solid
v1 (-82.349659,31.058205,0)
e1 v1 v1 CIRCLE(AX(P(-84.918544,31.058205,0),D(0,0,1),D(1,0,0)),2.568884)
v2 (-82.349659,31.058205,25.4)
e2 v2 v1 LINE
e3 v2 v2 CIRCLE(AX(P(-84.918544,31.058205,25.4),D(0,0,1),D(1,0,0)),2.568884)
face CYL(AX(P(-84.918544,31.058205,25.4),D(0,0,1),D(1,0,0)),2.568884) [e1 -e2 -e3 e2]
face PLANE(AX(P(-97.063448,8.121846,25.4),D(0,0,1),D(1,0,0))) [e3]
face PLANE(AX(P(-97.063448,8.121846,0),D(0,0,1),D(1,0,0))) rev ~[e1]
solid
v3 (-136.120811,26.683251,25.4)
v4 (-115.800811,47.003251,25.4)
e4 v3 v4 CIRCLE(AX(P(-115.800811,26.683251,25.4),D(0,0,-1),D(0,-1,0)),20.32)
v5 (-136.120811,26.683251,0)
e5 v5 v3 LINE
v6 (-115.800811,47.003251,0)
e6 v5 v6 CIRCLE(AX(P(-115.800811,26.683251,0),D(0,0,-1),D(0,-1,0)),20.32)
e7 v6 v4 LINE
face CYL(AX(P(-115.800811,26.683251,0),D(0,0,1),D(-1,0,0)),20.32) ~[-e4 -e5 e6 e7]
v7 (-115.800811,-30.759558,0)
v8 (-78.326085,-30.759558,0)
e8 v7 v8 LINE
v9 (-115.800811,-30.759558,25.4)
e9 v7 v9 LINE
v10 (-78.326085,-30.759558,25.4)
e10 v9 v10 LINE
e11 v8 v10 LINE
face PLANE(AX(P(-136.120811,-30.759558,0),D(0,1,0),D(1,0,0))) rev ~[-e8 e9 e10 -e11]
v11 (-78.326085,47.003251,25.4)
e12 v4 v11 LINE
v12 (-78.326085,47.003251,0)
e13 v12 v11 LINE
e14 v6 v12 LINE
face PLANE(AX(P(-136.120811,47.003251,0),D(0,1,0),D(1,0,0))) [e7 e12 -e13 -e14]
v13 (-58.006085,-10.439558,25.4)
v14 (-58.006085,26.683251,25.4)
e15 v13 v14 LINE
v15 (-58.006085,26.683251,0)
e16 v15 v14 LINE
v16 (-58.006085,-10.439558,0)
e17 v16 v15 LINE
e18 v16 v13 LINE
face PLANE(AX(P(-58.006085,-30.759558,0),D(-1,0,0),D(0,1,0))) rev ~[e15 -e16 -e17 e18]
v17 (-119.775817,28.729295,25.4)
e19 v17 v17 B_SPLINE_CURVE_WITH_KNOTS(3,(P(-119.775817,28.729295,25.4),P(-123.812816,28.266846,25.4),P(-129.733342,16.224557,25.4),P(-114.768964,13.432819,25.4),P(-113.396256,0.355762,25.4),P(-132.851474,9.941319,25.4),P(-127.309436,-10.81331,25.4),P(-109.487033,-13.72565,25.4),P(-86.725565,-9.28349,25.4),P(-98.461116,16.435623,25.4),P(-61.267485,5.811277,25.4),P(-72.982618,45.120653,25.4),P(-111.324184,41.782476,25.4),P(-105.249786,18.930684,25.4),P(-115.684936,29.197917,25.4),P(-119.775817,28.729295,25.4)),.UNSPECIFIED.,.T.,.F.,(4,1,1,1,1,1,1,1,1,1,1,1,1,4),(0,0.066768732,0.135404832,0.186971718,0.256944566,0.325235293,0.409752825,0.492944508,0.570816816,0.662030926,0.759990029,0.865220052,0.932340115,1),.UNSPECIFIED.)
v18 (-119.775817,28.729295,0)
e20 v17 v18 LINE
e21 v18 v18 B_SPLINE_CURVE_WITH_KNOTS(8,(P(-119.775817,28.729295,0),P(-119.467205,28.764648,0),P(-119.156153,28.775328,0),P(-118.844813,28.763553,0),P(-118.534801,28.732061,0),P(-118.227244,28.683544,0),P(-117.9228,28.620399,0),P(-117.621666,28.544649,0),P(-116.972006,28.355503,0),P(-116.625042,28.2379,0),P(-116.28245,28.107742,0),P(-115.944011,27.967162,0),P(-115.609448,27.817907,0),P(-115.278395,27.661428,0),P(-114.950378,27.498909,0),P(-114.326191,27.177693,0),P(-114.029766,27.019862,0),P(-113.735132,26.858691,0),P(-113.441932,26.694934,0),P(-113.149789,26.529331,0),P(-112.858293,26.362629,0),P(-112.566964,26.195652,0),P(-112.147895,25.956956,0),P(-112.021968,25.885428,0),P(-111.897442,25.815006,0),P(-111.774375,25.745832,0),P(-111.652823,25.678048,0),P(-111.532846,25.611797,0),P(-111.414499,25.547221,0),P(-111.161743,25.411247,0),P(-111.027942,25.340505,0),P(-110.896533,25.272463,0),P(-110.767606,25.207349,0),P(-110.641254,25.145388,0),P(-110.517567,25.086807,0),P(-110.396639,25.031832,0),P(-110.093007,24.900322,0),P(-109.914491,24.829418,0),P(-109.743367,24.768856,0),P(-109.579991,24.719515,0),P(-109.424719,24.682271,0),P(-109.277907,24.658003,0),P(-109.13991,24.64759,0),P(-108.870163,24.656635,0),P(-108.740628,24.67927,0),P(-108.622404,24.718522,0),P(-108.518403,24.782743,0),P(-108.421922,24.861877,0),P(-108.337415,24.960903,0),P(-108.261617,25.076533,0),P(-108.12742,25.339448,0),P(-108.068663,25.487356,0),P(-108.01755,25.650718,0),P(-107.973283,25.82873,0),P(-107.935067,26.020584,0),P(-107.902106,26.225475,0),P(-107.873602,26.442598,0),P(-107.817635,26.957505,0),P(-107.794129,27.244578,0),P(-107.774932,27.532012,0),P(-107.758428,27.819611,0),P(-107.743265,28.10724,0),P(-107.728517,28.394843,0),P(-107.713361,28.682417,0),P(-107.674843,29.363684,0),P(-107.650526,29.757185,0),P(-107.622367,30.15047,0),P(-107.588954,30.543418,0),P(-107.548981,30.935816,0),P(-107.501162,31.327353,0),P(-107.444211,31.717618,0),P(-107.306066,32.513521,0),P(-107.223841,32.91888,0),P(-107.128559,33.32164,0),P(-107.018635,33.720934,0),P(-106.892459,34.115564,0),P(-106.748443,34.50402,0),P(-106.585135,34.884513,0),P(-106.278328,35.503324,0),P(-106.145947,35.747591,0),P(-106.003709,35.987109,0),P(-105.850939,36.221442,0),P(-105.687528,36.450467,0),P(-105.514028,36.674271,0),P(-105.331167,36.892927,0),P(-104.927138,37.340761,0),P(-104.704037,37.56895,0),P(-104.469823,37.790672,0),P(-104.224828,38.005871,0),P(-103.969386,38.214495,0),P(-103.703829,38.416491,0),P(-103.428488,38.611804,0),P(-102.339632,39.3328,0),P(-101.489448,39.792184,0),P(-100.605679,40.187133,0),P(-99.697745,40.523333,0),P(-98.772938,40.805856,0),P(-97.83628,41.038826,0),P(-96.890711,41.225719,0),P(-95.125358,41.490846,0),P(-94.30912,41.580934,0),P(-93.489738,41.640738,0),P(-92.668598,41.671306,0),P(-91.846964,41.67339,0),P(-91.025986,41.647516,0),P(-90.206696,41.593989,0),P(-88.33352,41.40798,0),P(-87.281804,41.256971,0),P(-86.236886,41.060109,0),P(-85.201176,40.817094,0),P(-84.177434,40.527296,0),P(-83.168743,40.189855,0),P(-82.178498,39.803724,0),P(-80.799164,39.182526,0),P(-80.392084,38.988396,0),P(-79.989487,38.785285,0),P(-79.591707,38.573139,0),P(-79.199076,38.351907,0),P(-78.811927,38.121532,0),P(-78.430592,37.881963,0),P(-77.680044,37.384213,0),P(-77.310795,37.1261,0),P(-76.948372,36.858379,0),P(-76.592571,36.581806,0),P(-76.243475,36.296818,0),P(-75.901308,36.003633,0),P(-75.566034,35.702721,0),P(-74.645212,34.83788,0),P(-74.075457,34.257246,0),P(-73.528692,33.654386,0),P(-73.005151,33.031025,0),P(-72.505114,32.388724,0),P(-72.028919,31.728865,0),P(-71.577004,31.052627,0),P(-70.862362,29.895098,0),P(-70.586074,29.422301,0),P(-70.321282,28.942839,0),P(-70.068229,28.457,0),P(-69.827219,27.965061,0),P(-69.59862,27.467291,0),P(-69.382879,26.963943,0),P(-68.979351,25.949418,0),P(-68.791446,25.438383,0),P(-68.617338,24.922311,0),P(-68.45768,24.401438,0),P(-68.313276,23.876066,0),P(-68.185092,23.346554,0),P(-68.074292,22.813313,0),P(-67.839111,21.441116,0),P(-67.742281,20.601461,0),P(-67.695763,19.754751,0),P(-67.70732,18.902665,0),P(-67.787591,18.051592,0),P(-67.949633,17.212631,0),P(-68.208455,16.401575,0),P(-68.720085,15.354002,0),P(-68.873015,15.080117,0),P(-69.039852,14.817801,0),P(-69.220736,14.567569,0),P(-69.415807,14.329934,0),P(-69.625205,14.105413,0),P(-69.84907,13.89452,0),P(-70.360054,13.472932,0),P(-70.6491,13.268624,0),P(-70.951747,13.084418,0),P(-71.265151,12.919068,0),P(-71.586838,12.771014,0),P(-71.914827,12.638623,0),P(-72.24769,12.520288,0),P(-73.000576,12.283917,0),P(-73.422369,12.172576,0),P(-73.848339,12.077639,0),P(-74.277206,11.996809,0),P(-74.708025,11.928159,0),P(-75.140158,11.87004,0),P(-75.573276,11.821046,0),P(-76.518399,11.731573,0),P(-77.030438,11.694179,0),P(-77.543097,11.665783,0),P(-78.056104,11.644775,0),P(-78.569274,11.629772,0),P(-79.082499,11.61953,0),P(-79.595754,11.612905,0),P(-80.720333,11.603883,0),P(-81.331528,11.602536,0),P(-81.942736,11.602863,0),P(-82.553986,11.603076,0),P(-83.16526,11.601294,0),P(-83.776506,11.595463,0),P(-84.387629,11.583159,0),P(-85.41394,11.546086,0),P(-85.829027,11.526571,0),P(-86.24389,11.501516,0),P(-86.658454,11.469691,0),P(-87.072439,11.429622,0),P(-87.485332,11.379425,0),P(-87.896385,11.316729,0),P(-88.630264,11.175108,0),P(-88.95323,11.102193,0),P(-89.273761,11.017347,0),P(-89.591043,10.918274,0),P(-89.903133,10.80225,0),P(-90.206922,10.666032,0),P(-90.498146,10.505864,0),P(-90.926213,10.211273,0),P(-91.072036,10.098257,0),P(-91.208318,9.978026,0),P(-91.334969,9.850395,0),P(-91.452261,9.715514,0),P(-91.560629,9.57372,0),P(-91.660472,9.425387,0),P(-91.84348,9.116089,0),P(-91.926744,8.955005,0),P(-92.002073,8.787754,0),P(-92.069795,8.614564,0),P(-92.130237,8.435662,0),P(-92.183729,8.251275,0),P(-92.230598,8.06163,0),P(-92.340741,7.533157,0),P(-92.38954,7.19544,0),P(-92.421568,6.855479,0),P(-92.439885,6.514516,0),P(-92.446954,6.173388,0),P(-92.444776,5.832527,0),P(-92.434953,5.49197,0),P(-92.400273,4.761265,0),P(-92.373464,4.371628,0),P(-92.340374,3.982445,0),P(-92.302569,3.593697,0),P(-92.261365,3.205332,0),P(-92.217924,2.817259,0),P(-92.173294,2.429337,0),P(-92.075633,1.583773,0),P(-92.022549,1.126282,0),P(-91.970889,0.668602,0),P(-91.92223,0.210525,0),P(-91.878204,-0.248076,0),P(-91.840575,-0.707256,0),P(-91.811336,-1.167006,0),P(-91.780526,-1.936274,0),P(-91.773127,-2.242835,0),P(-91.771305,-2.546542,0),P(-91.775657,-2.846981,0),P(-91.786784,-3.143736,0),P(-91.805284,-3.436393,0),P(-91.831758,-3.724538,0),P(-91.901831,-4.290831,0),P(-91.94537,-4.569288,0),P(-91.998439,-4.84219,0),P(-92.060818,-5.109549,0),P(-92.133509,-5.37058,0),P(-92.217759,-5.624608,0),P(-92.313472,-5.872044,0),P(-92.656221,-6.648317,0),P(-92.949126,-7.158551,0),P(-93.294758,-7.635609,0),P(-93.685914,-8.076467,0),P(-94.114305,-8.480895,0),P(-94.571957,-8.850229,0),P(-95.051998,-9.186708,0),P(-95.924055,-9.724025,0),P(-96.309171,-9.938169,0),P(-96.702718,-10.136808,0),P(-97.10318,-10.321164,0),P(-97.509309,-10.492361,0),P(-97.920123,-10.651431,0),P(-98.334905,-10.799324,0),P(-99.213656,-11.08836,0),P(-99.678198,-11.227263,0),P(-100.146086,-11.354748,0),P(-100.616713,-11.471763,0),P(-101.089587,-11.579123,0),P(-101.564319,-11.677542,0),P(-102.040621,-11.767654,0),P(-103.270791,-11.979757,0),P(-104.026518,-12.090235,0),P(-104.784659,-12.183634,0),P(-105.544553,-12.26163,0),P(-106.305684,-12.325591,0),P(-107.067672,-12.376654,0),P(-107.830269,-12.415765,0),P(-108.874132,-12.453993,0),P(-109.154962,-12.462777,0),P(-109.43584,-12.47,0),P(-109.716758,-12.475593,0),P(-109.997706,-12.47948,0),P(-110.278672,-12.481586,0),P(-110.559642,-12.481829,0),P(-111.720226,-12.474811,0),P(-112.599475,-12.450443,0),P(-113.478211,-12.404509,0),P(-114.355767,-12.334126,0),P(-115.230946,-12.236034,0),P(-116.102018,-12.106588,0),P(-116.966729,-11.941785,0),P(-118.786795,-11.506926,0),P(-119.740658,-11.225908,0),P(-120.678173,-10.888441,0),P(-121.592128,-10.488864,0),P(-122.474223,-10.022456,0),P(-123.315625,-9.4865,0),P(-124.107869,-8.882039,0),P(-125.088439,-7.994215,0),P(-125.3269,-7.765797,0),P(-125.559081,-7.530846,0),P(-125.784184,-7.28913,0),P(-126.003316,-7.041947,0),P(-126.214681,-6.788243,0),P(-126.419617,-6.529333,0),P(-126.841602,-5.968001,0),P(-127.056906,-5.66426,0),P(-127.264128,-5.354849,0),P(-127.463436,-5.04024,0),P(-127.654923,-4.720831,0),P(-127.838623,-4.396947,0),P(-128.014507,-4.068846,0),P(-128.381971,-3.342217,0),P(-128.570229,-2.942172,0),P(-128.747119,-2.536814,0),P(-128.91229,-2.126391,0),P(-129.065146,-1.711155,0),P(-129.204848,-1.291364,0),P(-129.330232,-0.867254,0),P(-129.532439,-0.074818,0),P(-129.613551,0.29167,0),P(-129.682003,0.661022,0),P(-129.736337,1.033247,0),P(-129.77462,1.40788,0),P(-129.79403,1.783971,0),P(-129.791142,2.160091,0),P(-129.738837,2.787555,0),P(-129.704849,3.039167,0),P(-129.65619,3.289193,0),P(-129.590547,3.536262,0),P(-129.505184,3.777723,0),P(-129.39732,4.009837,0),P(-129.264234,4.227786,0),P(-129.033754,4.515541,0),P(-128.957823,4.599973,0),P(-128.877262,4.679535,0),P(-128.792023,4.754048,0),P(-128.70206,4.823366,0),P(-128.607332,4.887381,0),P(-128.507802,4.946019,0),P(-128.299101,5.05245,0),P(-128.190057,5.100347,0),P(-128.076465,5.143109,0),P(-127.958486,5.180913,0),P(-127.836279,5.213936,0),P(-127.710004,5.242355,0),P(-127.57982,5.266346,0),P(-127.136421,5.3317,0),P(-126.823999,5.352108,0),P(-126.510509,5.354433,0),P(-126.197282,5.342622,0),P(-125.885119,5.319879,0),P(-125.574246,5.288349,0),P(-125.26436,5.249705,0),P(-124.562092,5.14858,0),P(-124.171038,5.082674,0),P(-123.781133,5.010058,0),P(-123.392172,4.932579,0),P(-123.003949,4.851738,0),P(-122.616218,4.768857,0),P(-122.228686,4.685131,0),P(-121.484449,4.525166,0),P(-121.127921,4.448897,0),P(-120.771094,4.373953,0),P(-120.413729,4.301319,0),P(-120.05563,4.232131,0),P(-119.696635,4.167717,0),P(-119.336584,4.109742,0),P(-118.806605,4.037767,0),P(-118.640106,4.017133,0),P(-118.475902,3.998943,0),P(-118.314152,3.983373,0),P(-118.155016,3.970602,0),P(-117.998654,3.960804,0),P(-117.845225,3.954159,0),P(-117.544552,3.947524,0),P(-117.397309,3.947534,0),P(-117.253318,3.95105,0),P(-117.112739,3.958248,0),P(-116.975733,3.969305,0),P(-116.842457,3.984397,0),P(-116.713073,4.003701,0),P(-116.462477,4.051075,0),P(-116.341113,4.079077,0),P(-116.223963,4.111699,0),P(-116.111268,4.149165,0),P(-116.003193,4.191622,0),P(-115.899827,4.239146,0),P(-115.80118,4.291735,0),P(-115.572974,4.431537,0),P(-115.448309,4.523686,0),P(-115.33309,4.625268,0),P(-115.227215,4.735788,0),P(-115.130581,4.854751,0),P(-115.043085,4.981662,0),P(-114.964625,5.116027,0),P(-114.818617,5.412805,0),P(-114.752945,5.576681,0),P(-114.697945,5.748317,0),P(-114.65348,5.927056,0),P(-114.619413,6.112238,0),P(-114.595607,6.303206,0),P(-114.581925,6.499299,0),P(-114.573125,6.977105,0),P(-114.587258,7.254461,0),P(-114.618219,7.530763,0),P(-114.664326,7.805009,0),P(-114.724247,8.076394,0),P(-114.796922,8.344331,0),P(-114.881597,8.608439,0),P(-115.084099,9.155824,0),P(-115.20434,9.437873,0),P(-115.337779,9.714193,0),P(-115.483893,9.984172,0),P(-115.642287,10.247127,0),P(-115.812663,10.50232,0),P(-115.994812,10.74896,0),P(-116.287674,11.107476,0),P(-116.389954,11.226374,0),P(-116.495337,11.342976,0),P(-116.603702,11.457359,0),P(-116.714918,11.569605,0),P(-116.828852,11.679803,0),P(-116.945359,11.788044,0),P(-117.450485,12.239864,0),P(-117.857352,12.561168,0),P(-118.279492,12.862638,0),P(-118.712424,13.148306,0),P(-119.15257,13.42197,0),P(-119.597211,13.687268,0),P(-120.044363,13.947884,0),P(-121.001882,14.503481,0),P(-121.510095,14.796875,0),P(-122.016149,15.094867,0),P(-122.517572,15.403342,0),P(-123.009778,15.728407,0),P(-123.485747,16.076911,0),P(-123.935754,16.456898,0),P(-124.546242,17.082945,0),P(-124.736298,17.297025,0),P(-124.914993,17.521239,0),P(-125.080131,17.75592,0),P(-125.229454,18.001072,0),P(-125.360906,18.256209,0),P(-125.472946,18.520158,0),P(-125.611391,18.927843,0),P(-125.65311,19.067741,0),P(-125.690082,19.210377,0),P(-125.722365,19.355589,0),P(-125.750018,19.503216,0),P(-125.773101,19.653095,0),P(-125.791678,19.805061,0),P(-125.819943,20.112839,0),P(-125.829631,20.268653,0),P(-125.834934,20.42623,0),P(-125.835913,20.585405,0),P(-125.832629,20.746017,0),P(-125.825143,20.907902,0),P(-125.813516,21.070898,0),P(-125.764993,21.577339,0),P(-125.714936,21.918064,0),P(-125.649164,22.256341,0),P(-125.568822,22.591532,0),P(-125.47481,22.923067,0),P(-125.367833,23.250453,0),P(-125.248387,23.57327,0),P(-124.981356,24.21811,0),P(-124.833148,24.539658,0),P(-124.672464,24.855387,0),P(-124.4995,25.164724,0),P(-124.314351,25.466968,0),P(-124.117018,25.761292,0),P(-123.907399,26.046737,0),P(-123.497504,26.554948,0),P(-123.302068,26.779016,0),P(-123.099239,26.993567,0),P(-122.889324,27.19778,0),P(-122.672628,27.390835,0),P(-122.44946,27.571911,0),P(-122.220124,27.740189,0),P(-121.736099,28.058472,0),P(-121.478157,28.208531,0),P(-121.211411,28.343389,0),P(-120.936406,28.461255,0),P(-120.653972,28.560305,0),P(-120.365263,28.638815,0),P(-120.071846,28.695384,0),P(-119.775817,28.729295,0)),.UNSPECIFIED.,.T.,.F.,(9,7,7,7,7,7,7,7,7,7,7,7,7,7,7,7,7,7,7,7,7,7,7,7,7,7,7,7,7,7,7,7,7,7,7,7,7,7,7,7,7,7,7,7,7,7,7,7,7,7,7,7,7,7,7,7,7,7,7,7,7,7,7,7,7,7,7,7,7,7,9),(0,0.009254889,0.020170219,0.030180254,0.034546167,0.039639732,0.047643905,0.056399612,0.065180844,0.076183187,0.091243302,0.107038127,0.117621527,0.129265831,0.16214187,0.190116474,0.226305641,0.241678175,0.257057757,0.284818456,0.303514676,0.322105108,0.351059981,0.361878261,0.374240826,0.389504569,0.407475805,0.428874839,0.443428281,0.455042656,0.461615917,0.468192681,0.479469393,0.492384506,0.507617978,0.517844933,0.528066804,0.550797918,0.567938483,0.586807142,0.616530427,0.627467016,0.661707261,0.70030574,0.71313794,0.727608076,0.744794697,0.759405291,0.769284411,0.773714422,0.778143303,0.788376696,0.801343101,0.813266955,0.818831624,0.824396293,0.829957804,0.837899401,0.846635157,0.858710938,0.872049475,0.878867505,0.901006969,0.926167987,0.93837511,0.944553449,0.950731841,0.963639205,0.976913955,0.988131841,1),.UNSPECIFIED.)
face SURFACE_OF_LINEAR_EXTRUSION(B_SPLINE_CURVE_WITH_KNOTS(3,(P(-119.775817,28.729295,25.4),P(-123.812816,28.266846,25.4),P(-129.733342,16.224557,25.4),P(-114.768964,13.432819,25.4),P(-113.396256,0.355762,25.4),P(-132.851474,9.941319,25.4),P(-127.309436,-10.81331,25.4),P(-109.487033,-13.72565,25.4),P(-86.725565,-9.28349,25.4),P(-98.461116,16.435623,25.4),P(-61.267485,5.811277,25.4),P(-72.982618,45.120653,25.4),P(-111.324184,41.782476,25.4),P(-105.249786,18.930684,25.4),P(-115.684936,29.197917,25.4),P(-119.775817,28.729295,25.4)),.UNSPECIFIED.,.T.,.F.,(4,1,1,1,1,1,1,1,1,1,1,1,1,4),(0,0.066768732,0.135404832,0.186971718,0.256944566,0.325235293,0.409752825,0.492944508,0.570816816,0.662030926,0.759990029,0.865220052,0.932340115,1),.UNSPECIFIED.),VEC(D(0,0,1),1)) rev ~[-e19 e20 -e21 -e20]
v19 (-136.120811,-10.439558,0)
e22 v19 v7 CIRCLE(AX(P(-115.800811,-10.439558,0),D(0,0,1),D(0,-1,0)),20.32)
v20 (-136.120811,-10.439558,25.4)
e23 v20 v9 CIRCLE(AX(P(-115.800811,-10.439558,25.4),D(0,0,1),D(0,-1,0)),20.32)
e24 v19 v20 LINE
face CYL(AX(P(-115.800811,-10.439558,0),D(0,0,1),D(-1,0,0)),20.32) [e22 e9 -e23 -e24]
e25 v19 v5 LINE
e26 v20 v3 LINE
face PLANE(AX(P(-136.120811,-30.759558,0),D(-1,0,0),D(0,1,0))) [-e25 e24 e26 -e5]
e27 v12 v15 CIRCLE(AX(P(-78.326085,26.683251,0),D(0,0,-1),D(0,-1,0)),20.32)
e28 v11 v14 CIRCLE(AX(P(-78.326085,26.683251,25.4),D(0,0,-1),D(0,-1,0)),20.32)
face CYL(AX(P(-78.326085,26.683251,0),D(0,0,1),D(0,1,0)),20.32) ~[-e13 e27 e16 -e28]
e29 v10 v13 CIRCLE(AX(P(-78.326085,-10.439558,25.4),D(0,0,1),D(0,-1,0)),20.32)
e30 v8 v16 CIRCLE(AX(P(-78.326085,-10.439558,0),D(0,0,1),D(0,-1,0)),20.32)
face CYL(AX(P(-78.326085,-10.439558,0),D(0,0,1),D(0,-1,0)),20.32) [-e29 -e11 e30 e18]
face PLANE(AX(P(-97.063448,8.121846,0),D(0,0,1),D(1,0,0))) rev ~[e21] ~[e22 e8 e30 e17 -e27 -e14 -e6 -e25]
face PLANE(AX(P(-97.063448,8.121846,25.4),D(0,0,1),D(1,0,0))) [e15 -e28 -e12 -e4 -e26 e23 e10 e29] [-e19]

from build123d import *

# Parameters (mm, degrees)
F0_W     = 78.1147256494
F0_H     = 77.7628086507
F1_DEPTH = 25.4
F2_R     = 2.5688843234
F3_DEPTH = 25.401
F4_R     = 20.32


with BuildPart() as f1:
    # F0 (on Top) → F1 (new body)
    with BuildSketch(Plane.XY):
        with Locations((-97.0634482801, 8.1218462437)):
            Rectangle(F0_W, F0_H)
    extrude(amount=F1_DEPTH)

    # F2 (on face) → F3 (cut, through all)
    with BuildSketch(Plane.XY.offset(25.4)):
        with BuildLine():
            add(Edge.make_bspline(
                [(-119.7758167982, 28.7292953581), (-123.8128159833, 28.2668461106), (-129.7333418517, 16.2245566302), (-114.7689644605, 13.4328187252), (-113.3962556405, 0.355762244), (-132.8514740329, 9.9413188066), (-127.3094358115, -10.8133097075), (-109.4870327441, -13.7256500041), (-86.725564806, -9.2834895459), (-98.4611158532, 16.435622845), (-61.2674848303, 5.8112770802), (-72.9826178142, 45.1206525913), (-111.3241843657, 41.7824755339), (-105.249786174, 18.9306842538), (-115.6849363532, 29.1979168505), (-119.7758167982, 28.7292953581)],
                knots=[0, 0, 0, 0, 0.0667687325, 0.135404832, 0.1869717181, 0.2569445656, 0.3252352934, 0.4097528254, 0.4929445081, 0.5708168157, 0.6620309258, 0.7599900289, 0.865220052, 0.9323401146, 1, 1, 1, 1], degree=3))
        make_face()
        with Locations((-84.9185436964, 31.0582052916)):
            Circle(F2_R, mode=Mode.SUBTRACT)
    extrude(amount=-F3_DEPTH, mode=Mode.SUBTRACT)

    # F4
    f4_edges = [f1.edges().sort_by_distance(p)[0] for p in [
        (-58.006085, -30.759558, 12.7),
        (-136.120811, -30.759558, 12.7),
        (-58.006085, 47.003251, 12.7),
        (-136.120811, 47.003251, 12.7),
    ]]
    fillet(f4_edges, radius=F4_R)


solid = f1.part
